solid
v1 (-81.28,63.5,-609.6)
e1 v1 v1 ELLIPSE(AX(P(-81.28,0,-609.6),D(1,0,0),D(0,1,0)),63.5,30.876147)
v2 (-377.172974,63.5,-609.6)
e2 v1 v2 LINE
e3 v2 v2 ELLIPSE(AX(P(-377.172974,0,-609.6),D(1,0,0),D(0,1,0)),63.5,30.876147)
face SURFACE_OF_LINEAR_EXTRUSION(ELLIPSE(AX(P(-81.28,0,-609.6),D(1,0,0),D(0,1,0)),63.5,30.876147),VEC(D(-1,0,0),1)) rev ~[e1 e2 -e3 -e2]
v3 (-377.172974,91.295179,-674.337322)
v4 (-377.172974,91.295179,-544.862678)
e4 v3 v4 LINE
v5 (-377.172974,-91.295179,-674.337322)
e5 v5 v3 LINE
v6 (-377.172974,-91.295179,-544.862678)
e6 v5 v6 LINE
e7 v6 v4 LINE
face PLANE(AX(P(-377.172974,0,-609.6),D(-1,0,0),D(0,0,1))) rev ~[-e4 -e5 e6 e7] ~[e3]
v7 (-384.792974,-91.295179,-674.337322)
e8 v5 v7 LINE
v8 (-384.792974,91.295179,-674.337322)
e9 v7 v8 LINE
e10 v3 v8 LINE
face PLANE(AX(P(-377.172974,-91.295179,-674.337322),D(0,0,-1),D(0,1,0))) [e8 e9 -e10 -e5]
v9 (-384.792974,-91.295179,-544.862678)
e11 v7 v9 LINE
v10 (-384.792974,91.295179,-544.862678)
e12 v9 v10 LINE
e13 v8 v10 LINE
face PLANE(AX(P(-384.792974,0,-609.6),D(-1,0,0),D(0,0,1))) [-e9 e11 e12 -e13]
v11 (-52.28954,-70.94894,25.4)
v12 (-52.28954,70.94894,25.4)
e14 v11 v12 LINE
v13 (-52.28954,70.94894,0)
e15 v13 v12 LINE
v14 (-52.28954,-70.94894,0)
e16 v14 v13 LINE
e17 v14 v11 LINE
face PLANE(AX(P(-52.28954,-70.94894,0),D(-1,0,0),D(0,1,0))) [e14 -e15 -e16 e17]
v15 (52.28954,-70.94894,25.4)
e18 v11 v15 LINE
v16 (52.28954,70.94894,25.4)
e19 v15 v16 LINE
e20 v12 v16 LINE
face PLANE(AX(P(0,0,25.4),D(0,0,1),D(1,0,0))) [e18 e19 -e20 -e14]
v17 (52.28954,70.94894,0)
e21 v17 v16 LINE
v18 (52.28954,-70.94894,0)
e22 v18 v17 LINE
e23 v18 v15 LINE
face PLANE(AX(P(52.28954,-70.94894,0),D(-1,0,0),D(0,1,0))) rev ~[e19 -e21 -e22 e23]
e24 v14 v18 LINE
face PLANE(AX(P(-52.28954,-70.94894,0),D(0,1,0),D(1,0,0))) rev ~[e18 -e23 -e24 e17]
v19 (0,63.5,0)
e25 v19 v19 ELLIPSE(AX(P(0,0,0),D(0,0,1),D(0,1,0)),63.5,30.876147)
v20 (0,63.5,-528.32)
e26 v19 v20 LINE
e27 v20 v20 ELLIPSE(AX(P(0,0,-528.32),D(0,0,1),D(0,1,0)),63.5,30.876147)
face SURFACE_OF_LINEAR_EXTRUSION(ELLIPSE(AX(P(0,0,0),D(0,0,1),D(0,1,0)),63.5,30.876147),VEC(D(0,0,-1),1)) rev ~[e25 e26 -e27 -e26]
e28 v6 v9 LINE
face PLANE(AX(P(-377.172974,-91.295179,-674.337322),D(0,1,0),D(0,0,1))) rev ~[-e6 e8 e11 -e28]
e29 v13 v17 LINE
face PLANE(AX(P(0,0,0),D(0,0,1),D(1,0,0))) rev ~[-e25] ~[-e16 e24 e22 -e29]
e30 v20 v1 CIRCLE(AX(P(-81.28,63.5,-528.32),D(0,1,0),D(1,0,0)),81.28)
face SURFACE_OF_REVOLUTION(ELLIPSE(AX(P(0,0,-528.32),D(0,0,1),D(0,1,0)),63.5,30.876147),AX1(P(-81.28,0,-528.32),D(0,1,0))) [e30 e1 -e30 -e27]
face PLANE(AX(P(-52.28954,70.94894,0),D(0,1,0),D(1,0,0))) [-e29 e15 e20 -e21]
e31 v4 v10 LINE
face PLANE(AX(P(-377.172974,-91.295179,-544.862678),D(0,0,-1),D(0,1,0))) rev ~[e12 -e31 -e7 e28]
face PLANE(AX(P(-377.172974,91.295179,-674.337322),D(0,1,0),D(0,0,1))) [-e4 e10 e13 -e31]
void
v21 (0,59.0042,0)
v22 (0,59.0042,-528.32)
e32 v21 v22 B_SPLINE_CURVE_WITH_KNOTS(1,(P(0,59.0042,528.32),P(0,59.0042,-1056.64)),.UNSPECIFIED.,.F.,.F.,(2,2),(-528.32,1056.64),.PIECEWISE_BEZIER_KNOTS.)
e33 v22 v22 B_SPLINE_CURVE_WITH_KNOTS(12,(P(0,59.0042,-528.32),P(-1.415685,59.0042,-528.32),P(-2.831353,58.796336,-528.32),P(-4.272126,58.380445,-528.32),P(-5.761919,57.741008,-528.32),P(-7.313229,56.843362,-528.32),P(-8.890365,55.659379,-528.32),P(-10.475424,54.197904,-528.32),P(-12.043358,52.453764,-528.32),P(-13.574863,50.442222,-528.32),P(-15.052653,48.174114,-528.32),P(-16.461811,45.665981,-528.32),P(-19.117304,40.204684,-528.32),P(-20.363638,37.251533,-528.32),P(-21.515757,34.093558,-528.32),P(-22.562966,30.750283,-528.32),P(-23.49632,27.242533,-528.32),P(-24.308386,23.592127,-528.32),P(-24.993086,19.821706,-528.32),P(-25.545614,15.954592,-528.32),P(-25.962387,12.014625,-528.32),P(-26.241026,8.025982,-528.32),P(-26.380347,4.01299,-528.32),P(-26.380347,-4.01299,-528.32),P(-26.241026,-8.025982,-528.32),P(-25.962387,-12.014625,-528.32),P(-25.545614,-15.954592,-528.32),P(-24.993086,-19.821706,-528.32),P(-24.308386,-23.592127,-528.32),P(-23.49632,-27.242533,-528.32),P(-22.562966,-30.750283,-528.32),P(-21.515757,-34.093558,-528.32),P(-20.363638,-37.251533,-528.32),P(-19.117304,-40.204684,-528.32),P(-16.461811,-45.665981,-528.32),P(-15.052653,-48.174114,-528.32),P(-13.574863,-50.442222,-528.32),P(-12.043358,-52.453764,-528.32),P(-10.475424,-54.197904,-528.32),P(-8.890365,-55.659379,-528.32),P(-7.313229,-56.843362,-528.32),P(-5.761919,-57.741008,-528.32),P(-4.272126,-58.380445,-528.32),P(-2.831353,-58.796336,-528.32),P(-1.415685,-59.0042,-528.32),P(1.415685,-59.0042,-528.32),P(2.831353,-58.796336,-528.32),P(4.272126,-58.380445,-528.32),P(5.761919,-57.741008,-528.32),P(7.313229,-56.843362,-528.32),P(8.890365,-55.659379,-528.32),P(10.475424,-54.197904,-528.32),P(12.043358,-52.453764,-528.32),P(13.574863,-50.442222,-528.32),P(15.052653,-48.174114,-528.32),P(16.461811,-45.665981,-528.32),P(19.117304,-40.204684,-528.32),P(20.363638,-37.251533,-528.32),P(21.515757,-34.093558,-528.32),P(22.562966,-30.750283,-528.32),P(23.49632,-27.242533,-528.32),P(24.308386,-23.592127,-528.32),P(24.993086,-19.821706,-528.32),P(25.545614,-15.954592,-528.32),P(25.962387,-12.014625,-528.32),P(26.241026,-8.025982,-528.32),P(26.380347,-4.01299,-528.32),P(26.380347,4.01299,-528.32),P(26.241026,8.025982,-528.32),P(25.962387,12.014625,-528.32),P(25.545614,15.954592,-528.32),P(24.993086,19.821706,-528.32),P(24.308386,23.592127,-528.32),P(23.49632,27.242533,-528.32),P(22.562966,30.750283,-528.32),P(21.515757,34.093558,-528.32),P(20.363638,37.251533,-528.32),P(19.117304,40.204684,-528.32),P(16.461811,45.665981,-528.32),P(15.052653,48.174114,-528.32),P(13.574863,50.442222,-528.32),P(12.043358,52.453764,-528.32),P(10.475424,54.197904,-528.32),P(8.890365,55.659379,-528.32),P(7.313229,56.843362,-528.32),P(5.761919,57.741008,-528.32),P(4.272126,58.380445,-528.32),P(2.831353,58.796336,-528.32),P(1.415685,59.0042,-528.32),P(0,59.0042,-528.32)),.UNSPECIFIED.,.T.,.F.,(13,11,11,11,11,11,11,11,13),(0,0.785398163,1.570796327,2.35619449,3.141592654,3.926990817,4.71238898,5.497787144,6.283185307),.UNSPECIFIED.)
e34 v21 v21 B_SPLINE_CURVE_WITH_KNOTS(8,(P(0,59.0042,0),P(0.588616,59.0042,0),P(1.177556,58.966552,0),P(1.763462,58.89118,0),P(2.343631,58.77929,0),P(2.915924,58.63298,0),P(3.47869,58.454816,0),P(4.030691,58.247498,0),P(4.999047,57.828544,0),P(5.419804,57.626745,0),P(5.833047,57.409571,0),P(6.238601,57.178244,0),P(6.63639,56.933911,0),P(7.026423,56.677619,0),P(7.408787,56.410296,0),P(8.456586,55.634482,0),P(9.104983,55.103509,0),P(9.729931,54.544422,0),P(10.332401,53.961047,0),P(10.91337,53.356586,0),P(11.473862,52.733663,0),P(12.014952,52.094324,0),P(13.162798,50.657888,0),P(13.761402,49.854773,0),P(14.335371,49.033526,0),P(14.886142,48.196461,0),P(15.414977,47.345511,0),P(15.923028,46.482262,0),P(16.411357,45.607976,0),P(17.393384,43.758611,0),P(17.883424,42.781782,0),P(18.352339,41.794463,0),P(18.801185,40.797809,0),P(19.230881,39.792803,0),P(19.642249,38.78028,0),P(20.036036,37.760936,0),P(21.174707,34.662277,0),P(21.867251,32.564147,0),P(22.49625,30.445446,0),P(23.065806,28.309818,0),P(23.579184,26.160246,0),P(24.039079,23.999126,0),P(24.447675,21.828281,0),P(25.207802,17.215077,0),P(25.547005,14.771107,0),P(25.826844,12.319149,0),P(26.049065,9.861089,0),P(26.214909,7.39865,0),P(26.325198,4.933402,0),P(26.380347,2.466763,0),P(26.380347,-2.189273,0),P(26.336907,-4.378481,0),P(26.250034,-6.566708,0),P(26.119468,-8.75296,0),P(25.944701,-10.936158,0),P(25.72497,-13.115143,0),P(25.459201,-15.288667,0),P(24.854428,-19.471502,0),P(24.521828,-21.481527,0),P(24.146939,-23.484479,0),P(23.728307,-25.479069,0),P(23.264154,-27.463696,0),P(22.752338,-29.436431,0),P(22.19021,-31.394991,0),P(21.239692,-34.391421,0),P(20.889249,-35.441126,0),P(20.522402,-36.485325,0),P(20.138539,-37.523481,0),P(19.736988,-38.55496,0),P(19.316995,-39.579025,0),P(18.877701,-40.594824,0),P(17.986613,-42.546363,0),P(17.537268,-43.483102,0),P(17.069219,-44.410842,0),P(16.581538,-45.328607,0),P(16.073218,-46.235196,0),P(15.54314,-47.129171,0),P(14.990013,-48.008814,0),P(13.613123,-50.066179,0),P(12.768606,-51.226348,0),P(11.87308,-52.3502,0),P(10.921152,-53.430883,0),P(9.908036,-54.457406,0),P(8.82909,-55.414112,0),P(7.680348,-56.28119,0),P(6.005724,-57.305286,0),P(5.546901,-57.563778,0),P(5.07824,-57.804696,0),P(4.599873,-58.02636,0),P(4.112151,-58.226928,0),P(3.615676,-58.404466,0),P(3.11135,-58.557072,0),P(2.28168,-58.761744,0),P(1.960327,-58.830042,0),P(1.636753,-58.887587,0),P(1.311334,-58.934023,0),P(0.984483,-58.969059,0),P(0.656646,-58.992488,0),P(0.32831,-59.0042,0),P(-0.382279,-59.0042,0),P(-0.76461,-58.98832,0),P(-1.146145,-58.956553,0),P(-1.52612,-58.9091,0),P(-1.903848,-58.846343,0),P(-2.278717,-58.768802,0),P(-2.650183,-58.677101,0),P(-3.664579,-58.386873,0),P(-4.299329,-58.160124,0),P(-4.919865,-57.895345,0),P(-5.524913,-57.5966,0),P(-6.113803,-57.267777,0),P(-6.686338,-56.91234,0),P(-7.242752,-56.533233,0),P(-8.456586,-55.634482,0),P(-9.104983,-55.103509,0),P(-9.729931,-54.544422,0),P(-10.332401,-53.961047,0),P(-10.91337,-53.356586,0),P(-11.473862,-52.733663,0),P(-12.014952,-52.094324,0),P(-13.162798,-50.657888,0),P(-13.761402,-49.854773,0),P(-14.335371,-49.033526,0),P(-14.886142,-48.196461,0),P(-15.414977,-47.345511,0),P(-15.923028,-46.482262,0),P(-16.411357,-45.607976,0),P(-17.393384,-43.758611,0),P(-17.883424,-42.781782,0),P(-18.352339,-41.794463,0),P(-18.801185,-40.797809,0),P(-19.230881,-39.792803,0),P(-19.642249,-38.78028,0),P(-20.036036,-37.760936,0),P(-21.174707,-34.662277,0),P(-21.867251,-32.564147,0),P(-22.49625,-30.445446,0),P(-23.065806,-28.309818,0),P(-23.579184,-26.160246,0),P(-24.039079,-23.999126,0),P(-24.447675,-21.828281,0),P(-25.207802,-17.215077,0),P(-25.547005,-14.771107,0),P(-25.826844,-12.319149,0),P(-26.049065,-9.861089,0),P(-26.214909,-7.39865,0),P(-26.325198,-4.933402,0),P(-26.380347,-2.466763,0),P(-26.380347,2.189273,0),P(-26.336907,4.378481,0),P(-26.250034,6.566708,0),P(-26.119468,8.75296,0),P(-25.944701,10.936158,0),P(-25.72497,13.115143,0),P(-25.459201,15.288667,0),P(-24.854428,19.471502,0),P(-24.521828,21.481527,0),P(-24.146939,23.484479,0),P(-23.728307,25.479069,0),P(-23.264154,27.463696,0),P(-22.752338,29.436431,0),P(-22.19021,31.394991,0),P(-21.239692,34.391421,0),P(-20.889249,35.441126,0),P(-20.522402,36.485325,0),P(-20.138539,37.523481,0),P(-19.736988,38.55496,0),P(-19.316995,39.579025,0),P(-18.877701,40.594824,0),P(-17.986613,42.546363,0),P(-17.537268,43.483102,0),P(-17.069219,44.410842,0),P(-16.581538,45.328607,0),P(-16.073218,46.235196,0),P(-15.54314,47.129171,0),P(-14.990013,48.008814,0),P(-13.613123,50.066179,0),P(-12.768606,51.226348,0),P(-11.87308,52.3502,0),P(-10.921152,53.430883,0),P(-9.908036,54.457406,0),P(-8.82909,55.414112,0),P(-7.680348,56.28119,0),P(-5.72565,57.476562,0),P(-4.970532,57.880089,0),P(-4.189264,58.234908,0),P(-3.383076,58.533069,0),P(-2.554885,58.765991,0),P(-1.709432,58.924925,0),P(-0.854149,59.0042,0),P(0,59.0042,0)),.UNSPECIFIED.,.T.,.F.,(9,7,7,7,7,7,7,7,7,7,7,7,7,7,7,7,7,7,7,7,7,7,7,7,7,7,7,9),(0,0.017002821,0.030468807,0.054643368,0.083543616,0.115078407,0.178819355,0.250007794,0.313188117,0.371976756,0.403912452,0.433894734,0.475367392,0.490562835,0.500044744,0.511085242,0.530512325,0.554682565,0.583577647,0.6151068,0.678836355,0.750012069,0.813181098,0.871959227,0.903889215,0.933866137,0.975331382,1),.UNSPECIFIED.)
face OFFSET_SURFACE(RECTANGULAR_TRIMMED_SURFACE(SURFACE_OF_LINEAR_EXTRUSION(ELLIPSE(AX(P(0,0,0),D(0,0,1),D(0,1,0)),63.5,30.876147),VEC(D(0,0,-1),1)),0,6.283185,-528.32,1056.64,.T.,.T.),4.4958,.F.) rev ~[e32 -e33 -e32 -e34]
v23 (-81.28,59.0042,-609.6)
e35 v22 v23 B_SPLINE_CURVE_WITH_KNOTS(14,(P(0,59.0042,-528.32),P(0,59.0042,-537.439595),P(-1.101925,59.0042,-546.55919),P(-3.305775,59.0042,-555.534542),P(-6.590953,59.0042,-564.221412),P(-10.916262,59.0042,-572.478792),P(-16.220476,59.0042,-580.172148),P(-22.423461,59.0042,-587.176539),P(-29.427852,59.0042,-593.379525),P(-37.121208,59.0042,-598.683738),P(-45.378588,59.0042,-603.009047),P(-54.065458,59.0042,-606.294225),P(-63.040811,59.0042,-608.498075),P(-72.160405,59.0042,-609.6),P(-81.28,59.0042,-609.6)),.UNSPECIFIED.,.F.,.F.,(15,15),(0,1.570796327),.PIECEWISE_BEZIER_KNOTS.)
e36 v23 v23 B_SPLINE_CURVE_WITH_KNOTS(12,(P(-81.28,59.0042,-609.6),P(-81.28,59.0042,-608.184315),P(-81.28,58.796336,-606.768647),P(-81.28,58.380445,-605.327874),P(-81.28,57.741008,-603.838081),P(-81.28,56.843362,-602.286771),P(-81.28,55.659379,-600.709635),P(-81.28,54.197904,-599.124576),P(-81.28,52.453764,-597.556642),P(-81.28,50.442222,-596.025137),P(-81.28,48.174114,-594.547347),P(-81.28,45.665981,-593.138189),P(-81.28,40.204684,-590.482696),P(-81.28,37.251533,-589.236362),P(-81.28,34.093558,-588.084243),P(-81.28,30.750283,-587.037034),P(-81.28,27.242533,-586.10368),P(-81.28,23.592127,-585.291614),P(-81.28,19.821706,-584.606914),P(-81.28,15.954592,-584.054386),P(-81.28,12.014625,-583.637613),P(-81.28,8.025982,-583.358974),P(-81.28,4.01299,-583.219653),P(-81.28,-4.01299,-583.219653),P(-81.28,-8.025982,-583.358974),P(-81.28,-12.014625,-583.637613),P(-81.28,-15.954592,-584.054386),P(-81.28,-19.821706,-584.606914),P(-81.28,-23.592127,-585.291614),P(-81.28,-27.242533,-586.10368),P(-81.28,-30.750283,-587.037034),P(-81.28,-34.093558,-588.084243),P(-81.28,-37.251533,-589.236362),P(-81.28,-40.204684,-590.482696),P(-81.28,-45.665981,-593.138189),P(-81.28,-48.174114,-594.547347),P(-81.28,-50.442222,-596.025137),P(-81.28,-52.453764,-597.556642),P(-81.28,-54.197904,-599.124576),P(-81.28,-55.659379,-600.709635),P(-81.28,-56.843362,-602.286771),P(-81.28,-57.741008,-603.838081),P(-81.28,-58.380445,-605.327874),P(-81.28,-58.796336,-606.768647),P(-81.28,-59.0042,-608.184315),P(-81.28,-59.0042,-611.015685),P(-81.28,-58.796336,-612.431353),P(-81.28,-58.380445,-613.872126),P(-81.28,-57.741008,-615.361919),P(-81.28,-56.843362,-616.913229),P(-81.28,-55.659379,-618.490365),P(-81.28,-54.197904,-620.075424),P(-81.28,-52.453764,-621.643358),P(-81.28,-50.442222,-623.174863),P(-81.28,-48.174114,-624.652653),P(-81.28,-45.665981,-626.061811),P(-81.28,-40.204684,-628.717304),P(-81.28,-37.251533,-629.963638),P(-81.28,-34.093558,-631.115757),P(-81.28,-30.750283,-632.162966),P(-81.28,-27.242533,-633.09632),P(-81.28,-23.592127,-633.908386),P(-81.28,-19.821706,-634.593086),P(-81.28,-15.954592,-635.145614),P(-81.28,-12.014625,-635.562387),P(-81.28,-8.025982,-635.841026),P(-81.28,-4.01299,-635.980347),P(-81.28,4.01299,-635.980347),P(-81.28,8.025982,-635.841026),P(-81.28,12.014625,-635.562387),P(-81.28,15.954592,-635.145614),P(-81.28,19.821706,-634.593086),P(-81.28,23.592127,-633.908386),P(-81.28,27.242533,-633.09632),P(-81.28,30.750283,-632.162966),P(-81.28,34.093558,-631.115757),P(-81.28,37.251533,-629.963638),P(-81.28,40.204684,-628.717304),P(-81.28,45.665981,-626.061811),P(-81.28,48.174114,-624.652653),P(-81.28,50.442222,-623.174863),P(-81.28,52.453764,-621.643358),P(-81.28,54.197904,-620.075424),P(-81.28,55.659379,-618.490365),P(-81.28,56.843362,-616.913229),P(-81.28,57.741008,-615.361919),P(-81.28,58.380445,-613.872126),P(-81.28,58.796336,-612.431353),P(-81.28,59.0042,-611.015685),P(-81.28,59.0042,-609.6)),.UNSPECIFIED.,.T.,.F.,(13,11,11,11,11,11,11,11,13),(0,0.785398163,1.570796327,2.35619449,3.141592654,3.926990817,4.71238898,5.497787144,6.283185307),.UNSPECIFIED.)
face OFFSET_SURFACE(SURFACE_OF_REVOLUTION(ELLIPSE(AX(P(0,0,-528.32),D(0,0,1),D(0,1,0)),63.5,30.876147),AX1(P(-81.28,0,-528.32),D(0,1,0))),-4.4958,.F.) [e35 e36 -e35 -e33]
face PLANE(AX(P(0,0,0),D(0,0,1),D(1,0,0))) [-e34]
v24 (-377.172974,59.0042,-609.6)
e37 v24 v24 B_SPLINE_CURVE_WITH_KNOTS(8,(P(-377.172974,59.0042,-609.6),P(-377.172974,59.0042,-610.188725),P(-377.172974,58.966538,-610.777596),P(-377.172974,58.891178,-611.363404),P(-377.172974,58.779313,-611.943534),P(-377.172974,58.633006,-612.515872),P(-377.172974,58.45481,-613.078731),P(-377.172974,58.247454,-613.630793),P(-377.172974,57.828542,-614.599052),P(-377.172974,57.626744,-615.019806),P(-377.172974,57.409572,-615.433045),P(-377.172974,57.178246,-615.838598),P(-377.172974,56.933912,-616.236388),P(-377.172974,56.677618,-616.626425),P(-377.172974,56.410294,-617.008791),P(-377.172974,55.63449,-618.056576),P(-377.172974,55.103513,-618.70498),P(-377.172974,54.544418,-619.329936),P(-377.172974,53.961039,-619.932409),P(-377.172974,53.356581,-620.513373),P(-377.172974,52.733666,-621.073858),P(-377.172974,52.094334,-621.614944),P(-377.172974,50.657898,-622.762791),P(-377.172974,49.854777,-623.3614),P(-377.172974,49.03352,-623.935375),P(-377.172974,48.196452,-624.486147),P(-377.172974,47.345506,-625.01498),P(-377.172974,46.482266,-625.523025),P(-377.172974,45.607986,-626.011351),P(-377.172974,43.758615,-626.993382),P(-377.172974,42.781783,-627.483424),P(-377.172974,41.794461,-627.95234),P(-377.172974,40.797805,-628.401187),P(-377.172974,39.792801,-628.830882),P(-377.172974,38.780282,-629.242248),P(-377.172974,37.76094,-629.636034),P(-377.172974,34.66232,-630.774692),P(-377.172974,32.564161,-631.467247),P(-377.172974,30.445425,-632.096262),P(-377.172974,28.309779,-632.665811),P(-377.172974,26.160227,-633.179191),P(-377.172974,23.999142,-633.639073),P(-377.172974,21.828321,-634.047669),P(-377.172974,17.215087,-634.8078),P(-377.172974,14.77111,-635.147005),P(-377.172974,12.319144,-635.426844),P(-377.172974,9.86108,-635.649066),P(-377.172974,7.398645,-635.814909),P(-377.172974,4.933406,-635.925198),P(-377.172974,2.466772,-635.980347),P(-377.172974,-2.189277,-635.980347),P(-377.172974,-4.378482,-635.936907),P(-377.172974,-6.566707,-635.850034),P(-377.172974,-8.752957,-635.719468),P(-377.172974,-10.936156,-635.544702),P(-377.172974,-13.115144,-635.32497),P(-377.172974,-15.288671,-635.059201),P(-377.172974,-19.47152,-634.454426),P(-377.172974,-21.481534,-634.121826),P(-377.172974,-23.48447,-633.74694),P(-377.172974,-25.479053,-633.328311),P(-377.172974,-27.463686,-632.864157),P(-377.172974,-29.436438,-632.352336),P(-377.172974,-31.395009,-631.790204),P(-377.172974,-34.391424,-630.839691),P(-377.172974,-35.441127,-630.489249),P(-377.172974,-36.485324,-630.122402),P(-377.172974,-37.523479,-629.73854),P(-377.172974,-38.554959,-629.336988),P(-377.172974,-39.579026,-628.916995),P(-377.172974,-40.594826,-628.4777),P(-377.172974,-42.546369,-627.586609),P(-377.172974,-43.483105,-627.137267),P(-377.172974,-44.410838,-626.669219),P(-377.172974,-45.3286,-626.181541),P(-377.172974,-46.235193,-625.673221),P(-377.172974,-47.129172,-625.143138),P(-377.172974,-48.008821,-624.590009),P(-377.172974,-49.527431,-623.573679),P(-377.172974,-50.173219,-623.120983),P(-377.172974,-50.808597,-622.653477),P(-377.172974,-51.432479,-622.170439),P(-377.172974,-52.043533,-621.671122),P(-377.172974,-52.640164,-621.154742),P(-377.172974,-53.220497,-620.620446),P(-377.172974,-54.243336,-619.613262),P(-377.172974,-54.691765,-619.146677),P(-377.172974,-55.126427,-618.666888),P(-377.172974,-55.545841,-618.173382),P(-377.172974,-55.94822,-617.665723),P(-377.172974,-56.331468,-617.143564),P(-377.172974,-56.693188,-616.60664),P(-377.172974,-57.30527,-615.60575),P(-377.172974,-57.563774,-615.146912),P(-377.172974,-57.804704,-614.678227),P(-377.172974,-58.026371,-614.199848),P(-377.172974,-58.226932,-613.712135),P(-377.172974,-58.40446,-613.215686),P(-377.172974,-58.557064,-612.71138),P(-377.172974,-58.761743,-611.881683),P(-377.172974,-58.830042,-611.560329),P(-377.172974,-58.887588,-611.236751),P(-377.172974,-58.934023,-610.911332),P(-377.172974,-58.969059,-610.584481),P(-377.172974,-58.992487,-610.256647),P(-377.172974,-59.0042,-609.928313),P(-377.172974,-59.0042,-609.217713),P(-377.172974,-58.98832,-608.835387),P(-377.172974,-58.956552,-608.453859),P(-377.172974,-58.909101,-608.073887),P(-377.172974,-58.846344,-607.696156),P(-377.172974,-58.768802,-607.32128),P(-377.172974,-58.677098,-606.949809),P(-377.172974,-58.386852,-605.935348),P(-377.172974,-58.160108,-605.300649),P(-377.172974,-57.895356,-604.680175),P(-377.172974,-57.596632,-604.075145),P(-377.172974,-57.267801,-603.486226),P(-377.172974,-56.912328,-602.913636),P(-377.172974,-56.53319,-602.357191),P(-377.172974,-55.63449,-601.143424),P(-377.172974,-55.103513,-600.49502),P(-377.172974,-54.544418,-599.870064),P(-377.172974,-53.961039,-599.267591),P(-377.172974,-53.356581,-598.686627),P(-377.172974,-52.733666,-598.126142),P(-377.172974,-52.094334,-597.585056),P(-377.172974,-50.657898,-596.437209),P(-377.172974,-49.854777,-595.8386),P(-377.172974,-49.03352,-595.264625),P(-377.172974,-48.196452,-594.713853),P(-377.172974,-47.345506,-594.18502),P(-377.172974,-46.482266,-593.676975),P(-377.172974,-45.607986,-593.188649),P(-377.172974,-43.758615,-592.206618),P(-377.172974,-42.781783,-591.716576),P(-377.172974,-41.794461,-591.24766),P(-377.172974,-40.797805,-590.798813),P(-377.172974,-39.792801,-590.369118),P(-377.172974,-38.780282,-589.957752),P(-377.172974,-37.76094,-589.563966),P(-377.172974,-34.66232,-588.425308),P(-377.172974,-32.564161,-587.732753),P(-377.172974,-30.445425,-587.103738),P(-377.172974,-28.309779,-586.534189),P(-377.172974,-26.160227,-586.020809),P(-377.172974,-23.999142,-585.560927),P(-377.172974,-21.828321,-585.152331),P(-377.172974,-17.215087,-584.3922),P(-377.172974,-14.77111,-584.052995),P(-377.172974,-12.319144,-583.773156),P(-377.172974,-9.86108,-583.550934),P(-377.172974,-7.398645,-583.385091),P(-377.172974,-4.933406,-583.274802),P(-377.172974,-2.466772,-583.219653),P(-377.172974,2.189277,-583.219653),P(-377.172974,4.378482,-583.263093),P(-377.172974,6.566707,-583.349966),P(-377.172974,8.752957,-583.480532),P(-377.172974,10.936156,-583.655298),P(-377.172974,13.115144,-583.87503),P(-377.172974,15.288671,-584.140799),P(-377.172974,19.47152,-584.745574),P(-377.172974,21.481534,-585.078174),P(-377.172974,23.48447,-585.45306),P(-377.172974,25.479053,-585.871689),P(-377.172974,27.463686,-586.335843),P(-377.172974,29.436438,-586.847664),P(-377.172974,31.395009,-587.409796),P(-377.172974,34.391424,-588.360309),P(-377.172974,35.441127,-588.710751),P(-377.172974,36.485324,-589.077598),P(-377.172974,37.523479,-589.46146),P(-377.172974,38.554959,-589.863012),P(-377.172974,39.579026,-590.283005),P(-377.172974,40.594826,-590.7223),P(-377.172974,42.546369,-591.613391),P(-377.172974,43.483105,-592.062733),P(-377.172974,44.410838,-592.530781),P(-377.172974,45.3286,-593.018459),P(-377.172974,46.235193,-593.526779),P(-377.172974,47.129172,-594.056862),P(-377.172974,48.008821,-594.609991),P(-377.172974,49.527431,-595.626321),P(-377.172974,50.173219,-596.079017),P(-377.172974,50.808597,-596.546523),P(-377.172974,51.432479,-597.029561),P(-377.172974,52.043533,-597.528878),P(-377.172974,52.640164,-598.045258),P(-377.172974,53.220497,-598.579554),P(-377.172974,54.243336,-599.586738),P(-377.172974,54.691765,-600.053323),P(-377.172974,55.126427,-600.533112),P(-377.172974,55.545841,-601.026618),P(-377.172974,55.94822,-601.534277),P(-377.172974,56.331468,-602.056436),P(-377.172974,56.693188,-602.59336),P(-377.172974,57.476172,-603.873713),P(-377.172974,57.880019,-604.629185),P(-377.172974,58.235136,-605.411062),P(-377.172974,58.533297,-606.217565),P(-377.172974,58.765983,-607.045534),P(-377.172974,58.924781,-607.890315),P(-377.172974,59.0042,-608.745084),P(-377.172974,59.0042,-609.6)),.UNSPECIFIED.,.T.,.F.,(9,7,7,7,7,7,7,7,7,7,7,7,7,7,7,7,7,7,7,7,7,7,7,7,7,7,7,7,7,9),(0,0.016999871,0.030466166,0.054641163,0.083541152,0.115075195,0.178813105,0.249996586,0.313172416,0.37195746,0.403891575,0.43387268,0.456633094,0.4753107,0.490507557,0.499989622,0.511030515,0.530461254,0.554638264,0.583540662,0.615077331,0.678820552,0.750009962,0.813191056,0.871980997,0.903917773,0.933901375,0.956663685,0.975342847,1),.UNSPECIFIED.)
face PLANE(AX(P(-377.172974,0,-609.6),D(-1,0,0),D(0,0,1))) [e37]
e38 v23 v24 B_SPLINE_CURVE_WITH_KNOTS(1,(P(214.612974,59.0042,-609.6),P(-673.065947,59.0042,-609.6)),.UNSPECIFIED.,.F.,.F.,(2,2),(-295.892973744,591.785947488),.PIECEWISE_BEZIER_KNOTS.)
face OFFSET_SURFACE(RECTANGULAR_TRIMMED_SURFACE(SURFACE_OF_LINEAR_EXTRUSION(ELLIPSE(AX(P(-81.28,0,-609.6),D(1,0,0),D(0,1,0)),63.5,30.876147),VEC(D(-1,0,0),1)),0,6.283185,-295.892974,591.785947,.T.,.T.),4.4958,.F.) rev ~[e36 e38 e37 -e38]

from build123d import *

# Parameters (mm, degrees)
SKETCH1_RX          = 63.5
SKETCH1_RY          = 30.876146789
SHELL1_T            = -4.4958
SKETCH3_W           = 104.57908048
SKETCH3_H           = 141.89788056
BOSS_EXTRUDE1_DEPTH = 25.4
SKETCH4_W           = 129.474643476
SKETCH4_H           = 182.59035826
BOSS_EXTRUDE2_DEPTH = 7.62


with BuildPart() as part:
    # Sweep1: sweep along a path in Sketch2
    with BuildLine(Plane(origin=(0, 0, 0), x_dir=(1, 0, 0), z_dir=(0, 1, 0))) as sweep1_path:
        Line((0, 0), (0, 528.32))
        ThreePointArc((0, 528.32), (-23.806360825, 585.793639175), (-81.28, 609.6))
        Line((-81.28, 609.6), (-377.172973744, 609.6))
    # Sketch1 → Sweep1 (sweep)
    with BuildSketch(Plane.XY):
        with Locations(Location((0, 0), (0, 0, 90))):
            Ellipse(SKETCH1_RX, SKETCH1_RY)
    sweep(path=sweep1_path.line)

    # Shell1
    shell1_openings = [part.faces().sort_by_distance(p)[0] for p in [
        (-377.172973744, 0, -609.6),
        (0, 0, 0),
    ]]
    offset(amount=SHELL1_T, openings=shell1_openings, kind=Kind.INTERSECTION)

    # Sketch3 → Boss-Extrude1 (add)
    with BuildSketch(Plane.XY):
        Rectangle(SKETCH3_W, SKETCH3_H)
    extrude(amount=BOSS_EXTRUDE1_DEPTH)

    # Sketch4 → Boss-Extrude2 (add)
    with BuildSketch(Plane.ZY.offset(377.172973744)):
        with Locations((-609.6, 0)):
            Rectangle(SKETCH4_W, SKETCH4_H)
    extrude(amount=BOSS_EXTRUDE2_DEPTH)


solid = part.part
